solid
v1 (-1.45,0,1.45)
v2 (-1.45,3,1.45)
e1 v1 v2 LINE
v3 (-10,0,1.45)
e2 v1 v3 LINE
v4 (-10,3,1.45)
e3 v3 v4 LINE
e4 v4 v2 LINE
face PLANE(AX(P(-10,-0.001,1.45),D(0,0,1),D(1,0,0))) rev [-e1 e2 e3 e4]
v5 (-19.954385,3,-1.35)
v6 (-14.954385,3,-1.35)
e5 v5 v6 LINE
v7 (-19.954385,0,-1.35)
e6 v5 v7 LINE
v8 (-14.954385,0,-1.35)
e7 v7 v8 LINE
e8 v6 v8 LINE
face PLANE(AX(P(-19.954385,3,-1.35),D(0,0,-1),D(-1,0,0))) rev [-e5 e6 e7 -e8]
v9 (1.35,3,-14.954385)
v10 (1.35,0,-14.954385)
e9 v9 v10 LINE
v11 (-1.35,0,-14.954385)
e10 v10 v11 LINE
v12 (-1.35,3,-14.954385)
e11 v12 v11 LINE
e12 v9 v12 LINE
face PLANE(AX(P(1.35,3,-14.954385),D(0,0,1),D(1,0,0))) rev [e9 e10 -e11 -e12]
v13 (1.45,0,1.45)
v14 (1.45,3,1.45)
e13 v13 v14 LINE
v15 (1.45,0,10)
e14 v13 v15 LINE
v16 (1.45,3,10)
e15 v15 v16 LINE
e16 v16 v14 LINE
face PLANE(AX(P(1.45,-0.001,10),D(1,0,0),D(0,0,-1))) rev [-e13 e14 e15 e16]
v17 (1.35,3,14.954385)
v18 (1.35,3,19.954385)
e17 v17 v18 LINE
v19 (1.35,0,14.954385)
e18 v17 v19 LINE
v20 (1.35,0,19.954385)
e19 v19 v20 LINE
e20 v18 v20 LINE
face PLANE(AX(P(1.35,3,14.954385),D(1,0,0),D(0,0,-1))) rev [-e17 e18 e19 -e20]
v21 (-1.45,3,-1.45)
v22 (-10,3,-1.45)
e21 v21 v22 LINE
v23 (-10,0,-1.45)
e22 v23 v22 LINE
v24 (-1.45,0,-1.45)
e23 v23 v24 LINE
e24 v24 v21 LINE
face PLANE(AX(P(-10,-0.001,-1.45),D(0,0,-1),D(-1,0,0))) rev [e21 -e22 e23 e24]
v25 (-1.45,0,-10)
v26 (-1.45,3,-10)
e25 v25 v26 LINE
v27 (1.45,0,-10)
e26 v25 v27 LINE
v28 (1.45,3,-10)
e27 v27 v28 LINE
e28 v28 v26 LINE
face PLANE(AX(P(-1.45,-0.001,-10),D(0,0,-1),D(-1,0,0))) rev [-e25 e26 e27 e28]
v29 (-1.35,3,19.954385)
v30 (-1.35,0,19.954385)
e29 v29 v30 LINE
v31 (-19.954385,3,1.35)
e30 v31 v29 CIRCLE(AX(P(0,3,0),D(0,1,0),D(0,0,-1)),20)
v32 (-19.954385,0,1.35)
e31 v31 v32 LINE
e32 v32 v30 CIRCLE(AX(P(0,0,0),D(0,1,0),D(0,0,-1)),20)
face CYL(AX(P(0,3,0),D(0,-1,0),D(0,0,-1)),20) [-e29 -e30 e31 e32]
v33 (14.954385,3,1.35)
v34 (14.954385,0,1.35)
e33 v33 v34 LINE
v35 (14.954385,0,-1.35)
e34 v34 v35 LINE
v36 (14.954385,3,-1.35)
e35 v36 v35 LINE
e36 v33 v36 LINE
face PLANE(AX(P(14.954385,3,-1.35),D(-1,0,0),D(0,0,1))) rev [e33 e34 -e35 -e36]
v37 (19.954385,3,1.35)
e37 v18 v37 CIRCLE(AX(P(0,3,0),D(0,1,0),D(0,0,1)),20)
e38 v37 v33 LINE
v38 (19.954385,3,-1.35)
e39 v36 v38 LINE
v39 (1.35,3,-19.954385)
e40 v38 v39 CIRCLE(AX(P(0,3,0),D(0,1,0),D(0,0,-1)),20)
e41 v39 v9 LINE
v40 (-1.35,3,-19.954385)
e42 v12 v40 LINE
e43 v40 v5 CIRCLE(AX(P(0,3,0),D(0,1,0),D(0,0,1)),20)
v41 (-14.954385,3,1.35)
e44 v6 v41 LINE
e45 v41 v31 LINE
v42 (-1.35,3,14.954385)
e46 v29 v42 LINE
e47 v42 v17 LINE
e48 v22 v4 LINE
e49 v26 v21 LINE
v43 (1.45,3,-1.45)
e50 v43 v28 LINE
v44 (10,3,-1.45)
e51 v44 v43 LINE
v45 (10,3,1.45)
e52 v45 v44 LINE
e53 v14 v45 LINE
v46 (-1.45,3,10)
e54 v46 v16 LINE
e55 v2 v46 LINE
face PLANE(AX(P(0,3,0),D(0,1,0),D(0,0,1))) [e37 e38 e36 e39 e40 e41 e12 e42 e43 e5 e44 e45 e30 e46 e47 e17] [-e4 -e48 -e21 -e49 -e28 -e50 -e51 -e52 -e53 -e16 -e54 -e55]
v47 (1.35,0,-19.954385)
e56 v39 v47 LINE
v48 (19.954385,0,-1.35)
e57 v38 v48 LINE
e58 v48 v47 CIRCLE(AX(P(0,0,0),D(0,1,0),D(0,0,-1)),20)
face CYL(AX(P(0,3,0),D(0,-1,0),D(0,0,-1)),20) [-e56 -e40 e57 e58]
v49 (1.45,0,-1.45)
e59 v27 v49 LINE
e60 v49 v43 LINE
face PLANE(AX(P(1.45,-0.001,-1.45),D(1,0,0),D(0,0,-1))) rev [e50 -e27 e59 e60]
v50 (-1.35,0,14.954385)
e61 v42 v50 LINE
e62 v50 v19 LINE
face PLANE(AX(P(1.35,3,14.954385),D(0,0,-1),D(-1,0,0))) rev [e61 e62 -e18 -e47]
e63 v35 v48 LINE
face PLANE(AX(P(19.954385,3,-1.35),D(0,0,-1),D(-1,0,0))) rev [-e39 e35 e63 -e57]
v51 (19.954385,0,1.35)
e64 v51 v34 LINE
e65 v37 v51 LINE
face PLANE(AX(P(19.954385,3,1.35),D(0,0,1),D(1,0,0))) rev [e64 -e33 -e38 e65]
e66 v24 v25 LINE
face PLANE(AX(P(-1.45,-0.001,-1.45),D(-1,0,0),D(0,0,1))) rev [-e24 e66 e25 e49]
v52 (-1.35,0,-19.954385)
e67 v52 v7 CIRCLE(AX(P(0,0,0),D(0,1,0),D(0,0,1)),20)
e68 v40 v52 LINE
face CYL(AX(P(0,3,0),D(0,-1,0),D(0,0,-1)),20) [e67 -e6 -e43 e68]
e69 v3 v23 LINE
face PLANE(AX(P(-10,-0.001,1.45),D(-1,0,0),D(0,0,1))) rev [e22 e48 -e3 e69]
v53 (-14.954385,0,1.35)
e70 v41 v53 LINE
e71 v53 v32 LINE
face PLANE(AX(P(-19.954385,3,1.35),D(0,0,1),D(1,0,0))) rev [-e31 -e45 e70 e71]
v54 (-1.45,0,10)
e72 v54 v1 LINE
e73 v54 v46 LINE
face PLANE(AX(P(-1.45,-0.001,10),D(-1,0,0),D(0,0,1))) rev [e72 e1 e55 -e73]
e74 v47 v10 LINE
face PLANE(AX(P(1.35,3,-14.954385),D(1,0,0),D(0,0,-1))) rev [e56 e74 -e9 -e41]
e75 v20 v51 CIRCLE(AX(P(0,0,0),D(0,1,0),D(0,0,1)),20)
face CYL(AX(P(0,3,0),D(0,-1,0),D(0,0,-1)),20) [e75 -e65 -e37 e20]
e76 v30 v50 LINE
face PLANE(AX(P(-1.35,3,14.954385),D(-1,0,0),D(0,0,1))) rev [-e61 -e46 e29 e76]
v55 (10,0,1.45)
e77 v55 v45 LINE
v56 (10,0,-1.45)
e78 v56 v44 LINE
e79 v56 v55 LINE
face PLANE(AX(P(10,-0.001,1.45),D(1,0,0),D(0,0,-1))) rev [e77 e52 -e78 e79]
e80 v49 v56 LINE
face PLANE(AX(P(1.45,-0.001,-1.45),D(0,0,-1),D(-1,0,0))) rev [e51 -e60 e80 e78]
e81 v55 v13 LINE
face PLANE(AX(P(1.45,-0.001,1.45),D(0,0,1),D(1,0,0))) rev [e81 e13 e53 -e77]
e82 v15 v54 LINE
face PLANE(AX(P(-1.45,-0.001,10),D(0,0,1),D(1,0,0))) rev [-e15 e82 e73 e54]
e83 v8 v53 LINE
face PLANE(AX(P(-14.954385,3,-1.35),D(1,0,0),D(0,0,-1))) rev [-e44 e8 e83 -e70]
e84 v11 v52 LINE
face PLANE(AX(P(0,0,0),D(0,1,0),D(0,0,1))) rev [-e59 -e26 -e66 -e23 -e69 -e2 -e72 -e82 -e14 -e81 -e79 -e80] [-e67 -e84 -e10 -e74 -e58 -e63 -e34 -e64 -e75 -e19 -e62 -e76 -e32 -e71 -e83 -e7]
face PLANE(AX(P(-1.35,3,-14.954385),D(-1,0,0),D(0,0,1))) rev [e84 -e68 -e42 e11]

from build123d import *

# Parameters (mm, degrees)
BOSS_EXTRUDE1_DEPTH = 3
CUT_EXTRUDE1_REACH  = 5


with BuildPart() as part:
    # Sketch1 → Boss-Extrude1 (new body)
    with BuildSketch(Plane(origin=(0, 0, 0), x_dir=(1, 0, 0), z_dir=(0, 1, 0))):
        with BuildLine():
            Line((1.35, 14.954385483), (-1.35, 14.954385483))
            Line((-1.35, 14.954385483), (-1.35, 19.954385483))
            ThreePointArc((-1.35, 19.954385483), (-14.142135624, 14.142135624), (-19.954385483, 1.35))
            Line((-19.954385483, 1.35), (-14.954385483, 1.35))
            Line((-14.954385483, 1.35), (-14.954385483, -1.35))
            Line((-14.954385483, -1.35), (-19.954385483, -1.35))
            ThreePointArc((-19.954385483, -1.35), (-14.142135624, -14.142135624), (-1.35, -19.954385483))
            Line((-1.35, -19.954385483), (-1.35, -14.954385483))
            Line((-1.35, -14.954385483), (1.35, -14.954385483))
            Line((1.35, -14.954385483), (1.35, -19.954385483))
            ThreePointArc((1.35, -19.954385483), (14.142135624, -14.142135624), (19.954385483, -1.35))
            Line((19.954385483, -1.35), (14.954385483, -1.35))
            Line((14.954385483, -1.35), (14.954385483, 1.35))
            Line((14.954385483, 1.35), (19.954385483, 1.35))
            ThreePointArc((19.954385483, 1.35), (14.142135624, 14.142135624), (1.35, 19.954385483))
            Line((1.35, 19.954385483), (1.35, 14.954385483))
        make_face()
    extrude(amount=BOSS_EXTRUDE1_DEPTH)

    # Sketch3 → Cut-Extrude1 (cut, up to next)
    with BuildSketch(Plane(origin=(0, 3, 0), x_dir=(1, 0, 0), z_dir=(0, 1, 0)), mode=Mode.PRIVATE) as cut_extrude1_sk1:
        Polygon((1.45, 1.45), (10, 1.45), (10, -1.45), (1.45, -1.45), (1.45, -10), (-1.45, -10), (-1.45, -1.45), (-10, -1.45), (-10, 1.45), (-1.45, 1.45), (-1.45, 10), (1.45, 10), align=None)
    cut_extrude1_tool1 = extrude(cut_extrude1_sk1.sketch, amount=-CUT_EXTRUDE1_REACH, mode=Mode.PRIVATE) & part.part
    add(cut_extrude1_tool1.solids().sort_by_distance((0, 3, 0))[0], mode=Mode.SUBTRACT)


solid = part.part
